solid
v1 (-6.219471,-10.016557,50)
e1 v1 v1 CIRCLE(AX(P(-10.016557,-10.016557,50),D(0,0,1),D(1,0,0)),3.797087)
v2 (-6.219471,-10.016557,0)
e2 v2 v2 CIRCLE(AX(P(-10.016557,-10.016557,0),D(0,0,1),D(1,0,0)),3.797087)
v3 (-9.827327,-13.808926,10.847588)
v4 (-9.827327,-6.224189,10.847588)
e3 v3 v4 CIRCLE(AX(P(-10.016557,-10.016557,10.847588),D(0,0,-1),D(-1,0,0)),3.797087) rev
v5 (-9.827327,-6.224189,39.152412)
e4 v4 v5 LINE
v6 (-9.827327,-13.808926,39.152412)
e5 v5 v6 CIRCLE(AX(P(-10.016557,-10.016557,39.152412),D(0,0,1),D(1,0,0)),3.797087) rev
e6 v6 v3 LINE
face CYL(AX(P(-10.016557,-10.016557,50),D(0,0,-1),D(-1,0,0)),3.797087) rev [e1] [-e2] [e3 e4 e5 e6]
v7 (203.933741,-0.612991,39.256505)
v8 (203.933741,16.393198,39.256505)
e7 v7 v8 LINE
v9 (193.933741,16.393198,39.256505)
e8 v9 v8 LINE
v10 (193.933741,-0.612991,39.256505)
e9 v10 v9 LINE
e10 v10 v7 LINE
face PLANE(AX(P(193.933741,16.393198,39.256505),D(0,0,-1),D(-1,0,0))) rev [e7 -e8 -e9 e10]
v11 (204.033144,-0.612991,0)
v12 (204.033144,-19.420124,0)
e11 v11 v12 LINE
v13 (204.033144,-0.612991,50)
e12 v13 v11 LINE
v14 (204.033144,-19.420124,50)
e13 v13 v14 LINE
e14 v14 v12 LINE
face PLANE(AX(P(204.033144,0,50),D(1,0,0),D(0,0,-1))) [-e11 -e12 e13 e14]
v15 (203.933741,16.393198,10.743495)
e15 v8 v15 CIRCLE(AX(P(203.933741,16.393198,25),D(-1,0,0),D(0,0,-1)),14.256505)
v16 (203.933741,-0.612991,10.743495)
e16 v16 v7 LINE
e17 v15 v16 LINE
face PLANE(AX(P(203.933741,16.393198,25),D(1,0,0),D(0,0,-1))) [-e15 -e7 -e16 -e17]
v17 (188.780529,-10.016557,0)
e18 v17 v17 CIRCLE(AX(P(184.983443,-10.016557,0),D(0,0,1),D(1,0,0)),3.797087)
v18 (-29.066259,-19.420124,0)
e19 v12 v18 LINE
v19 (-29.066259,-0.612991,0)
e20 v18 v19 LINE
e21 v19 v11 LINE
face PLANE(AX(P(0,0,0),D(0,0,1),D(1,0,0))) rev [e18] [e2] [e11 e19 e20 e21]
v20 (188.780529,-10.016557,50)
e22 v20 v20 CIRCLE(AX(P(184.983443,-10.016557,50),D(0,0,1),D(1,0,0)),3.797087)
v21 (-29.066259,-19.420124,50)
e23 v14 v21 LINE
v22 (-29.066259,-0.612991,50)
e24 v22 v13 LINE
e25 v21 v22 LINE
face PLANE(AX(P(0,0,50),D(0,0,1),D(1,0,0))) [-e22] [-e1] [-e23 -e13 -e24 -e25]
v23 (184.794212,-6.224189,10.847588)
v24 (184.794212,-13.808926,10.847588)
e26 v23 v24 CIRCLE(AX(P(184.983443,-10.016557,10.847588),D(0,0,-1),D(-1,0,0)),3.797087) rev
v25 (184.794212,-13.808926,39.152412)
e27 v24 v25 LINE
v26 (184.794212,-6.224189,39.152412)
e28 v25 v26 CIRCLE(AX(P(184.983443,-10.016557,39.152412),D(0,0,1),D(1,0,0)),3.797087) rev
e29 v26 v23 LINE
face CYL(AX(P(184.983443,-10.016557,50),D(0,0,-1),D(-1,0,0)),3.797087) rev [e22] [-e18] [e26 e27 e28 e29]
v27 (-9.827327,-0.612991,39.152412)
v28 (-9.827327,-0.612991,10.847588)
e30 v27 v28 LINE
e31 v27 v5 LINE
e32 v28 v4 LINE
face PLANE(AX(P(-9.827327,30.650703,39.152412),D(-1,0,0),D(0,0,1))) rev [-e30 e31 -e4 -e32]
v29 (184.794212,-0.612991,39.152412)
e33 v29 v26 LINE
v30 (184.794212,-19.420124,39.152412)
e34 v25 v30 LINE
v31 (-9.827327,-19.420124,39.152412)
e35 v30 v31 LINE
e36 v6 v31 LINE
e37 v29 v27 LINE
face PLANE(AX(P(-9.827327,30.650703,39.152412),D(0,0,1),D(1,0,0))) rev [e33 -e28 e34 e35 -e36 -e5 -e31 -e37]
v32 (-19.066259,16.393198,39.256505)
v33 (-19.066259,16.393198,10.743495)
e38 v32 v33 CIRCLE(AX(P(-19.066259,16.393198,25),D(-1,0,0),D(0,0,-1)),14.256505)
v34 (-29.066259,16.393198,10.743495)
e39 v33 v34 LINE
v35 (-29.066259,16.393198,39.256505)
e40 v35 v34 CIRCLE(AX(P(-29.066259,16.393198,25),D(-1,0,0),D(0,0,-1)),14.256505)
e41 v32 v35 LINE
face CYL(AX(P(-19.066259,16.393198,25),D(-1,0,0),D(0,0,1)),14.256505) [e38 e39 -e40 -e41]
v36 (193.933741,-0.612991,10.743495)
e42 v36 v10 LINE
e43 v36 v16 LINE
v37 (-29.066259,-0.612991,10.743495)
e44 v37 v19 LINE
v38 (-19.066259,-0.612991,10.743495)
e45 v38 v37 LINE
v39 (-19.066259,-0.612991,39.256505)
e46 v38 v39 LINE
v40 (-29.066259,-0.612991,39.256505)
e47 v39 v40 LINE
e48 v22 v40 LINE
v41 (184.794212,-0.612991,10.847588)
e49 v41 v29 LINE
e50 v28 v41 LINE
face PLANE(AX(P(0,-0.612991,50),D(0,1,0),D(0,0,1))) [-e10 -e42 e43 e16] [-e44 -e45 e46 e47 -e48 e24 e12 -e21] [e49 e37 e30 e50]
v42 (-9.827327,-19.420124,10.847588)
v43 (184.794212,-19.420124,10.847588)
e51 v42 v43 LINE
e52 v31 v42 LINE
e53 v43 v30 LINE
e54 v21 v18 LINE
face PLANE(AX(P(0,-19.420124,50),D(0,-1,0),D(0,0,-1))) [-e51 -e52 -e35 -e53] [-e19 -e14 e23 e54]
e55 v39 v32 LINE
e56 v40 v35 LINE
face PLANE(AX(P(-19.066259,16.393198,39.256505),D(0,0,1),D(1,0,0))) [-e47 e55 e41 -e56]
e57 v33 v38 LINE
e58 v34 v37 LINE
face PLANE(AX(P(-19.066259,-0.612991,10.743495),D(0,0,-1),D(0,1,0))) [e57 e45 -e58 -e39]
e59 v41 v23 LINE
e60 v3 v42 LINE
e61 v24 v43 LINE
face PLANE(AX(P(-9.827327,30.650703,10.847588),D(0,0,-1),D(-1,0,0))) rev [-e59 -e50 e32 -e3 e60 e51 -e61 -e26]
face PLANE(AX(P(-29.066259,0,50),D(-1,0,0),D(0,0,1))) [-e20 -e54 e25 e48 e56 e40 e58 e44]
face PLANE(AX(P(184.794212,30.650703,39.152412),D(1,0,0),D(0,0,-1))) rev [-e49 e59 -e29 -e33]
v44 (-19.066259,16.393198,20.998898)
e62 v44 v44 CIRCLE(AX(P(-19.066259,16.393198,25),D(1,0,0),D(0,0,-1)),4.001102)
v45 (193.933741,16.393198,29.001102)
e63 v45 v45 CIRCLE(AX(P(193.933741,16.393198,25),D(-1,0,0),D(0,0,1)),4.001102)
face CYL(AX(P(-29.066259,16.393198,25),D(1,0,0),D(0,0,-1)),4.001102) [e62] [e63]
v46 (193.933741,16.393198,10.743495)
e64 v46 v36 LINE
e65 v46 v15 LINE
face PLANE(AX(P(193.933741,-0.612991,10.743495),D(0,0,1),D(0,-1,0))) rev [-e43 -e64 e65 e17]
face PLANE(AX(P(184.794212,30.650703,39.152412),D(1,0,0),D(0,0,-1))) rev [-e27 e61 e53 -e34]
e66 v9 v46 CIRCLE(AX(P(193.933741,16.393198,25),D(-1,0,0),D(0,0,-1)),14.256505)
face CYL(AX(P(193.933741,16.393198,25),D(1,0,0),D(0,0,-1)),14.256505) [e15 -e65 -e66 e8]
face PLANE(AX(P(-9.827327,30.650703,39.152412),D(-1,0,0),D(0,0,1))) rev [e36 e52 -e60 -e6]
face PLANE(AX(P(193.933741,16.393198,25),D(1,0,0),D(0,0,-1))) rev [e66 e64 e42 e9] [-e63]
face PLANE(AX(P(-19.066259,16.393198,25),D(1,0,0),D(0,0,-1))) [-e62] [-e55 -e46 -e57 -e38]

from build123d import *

# Parameters (mm, degrees)
SKETCH1_W           = 233.09940225
SKETCH1_H           = 18.807132604
SKETCH1_R           = 3.7970867
BOSS_EXTRUDE1_DEPTH = 50
SKETCH3_R           = 4.00110176
BOSS_EXTRUDE2_DEPTH = 10
BOSS_EXTRUDE5_START = -223
SKETCH3_2_R         = 4.00110176
BOSS_EXTRUDE5_DEPTH = 10
BOSS_EXTRUDE6_START = -233
SKETCH4_R           = 4.00110176
BOSS_EXTRUDE6_DEPTH = 233
CUT_EXTRUDE1_REACH  = 217.955
SKETCH5_W           = 194.621538706
SKETCH5_H           = 28.304823728


with BuildPart() as part:
    # Sketch1 → Boss-Extrude1 (new body)
    with BuildSketch(Plane.XY):
        with Locations((87.483442541, -10.016557459)):
            Rectangle(SKETCH1_W, SKETCH1_H)
        with Locations((-10.016557459, -10.016557459)):
            Circle(SKETCH1_R, mode=Mode.SUBTRACT)
        with Locations((184.983442541, -10.016557459)):
            Circle(SKETCH1_R, mode=Mode.SUBTRACT)
    extrude(amount=BOSS_EXTRUDE1_DEPTH)

    # Sketch3 → Boss-Extrude2 (add)
    with BuildSketch(Plane.ZY.offset(29.066258584)):
        with BuildLine():
            Line((10.743495107, -0.612991157), (10.743495107, 16.393198277))
            ThreePointArc((10.743495107, 16.393198277), (25, 30.64970317), (39.256504893, 16.393198277))
            Line((39.256504893, 16.393198277), (39.256504893, -0.612991157))
            Line((39.256504893, -0.612991157), (10.743495107, -0.612991157))
        make_face()
        with Locations((25, 16.393198277)):
            Circle(SKETCH3_R, mode=Mode.SUBTRACT)
    extrude(amount=-BOSS_EXTRUDE2_DEPTH)

    # Sketch3<2> → Boss-Extrude5 (add)
    with BuildSketch(Plane.ZY.offset(29.066258584).offset(BOSS_EXTRUDE5_START)):
        with BuildLine():
            Line((10.743495107, -0.612991157), (10.743495107, 16.393198277))
            ThreePointArc((10.743495107, 16.393198277), (25, 30.64970317), (39.256504893, 16.393198277))
            Line((39.256504893, 16.393198277), (39.256504893, -0.612991157))
            Line((39.256504893, -0.612991157), (10.743495107, -0.612991157))
        make_face()
        with Locations((25, 16.393198277)):
            Circle(SKETCH3_2_R, mode=Mode.SUBTRACT)
    extrude(amount=-BOSS_EXTRUDE5_DEPTH)

    # Sketch4 → Boss-Extrude6 (add)
    with BuildSketch(Plane(origin=(203.933741416, 0, 0), x_dir=(0, 0, -1), z_dir=(1, 0, 0)).offset(BOSS_EXTRUDE6_START)):
        with Locations((-25, 16.393198277)):
            Circle(SKETCH4_R)
    extrude(amount=BOSS_EXTRUDE6_DEPTH)

    # Sketch5 → Cut-Extrude1 (cut, up to next)
    with BuildSketch(Plane.XZ.offset(19.420123761), mode=Mode.PRIVATE) as cut_extrude1_sk1:
        with Locations((87.483442541, 25)):
            Rectangle(SKETCH5_W, SKETCH5_H)
    cut_extrude1_tool1 = extrude(cut_extrude1_sk1.sketch, amount=-CUT_EXTRUDE1_REACH, mode=Mode.PRIVATE) & part.part
    add(cut_extrude1_tool1.solids().sort_by_distance((87.483443, -19.420124, 25))[0], mode=Mode.SUBTRACT)


solid = part.part
